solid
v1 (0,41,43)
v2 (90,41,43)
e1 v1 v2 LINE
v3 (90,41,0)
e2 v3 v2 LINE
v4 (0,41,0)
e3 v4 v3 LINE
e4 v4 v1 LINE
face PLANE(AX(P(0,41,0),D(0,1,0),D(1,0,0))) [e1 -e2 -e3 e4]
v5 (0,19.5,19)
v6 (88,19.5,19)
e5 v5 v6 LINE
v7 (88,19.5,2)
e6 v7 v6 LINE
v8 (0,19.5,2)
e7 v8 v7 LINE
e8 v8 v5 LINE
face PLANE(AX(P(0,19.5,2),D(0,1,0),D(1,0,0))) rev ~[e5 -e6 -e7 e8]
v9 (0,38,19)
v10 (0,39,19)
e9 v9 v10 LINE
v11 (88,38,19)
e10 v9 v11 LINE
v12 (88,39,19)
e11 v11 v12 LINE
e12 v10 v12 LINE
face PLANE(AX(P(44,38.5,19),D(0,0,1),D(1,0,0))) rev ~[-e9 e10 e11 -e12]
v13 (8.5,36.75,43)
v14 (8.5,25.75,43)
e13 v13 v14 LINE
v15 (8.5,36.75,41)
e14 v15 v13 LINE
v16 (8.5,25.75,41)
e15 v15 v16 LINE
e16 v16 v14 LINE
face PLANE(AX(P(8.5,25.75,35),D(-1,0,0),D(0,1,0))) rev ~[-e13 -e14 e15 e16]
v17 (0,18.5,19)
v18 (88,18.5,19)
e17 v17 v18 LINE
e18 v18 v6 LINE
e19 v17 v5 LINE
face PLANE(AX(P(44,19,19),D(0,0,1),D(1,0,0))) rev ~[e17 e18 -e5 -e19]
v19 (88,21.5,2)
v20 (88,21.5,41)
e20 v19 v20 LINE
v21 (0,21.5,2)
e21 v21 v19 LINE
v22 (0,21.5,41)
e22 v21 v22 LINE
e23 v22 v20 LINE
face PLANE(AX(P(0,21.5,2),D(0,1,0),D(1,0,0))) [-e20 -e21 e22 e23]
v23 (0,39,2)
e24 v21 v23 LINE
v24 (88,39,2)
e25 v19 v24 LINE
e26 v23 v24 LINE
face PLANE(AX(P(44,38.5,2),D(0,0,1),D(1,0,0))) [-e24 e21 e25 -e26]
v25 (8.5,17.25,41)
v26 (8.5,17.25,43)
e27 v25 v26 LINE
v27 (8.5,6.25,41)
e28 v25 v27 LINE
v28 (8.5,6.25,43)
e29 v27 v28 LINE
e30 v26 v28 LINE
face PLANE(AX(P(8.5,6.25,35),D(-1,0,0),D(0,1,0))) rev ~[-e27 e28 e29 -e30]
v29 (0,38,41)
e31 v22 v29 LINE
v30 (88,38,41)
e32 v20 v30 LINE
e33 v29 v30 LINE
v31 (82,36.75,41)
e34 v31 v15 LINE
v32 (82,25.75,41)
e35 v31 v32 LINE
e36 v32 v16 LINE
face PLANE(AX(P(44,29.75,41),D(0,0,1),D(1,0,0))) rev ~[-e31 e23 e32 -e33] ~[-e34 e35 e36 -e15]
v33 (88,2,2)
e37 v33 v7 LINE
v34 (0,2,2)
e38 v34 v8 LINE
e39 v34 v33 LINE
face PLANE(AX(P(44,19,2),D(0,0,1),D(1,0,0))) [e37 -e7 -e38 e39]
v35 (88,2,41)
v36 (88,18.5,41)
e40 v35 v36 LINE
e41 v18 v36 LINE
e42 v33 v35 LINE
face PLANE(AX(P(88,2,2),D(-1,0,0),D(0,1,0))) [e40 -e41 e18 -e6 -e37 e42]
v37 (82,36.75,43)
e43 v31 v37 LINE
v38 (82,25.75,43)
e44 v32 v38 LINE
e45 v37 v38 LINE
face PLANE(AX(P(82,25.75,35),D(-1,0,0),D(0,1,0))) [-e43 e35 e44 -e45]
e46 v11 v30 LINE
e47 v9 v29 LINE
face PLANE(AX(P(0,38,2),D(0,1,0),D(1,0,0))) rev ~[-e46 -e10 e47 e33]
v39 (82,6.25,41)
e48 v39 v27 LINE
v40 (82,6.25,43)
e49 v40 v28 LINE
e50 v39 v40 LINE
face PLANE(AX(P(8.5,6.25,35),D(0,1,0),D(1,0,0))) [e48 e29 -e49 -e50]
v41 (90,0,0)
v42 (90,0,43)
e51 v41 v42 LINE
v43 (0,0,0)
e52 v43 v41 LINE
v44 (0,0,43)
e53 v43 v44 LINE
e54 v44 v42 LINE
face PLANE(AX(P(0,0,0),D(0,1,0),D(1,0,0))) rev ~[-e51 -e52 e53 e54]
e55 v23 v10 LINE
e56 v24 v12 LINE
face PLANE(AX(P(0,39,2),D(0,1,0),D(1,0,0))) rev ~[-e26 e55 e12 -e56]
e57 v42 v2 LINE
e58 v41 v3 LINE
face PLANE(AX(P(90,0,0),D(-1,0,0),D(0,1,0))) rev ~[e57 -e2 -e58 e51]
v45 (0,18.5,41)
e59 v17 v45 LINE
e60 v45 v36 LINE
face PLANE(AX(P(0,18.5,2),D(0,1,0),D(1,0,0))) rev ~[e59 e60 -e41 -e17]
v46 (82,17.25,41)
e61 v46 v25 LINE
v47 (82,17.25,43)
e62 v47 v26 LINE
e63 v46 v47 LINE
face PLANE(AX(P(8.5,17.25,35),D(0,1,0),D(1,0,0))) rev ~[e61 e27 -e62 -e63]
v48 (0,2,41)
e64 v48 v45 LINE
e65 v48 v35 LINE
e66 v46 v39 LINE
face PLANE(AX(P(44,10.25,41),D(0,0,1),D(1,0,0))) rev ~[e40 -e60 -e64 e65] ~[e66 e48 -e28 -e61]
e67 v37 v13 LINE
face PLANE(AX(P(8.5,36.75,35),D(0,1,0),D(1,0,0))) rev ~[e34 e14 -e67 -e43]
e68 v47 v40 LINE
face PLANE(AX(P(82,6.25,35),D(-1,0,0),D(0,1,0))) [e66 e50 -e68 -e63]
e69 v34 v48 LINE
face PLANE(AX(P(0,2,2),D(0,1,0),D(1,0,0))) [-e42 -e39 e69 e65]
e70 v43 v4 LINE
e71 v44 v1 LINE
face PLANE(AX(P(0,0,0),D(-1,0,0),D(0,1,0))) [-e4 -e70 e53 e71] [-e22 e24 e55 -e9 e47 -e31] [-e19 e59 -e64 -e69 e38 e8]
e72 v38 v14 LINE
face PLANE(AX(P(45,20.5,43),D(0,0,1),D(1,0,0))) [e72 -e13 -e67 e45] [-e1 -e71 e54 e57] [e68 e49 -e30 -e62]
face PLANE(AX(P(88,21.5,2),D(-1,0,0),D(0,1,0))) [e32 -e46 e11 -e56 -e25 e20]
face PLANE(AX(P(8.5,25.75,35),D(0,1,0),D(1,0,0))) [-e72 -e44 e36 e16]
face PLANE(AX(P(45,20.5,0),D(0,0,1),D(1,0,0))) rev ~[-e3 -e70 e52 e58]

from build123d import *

# Parameters (mm, degrees)
BOX006_W     = 73.5
BOX006_H     = 11
BOX006_DEPTH = 10
BOX005_W     = 73.5
BOX005_H     = 11
BOX005_DEPTH = 10
BOX004_W     = 88
BOX004_H     = 1
BOX004_DEPTH = 17
BOX003_W     = 88
BOX003_H     = 1
BOX003_DEPTH = 17
BOX002_W     = 88
BOX002_H     = 16.5
BOX002_DEPTH = 39
BOX001_W     = 88
BOX001_H     = 16.5
BOX001_DEPTH = 39
BOX_W        = 90
BOX_H        = 41
BOX_DEPTH    = 43


with BuildPart() as cube006:
    # Box006 → Box006 (new body)
    with BuildSketch(Plane(origin=(8.5, 25.75, 35), x_dir=(1, 0, 0), z_dir=(0, 0, 1))):
        with Locations((36.75, 5.5)):
            Rectangle(BOX006_W, BOX006_H)
    extrude(amount=BOX006_DEPTH)


with BuildPart() as cube005:
    # Box005 → Box005 (new body)
    with BuildSketch(Plane(origin=(8.5, 6.25, 35), x_dir=(1, 0, 0), z_dir=(0, 0, 1))):
        with Locations((36.75, 5.5)):
            Rectangle(BOX005_W, BOX005_H)
    extrude(amount=BOX005_DEPTH)


with BuildPart() as cube004:
    # Box004 → Box004 (new body)
    with BuildSketch(Plane(origin=(0, 38, 2), x_dir=(1, 0, 0), z_dir=(0, 0, 1))):
        with Locations((44, 0.5)):
            Rectangle(BOX004_W, BOX004_H)
    extrude(amount=BOX004_DEPTH)


with BuildPart() as cube003:
    # Box003 → Box003 (new body)
    with BuildSketch(Plane(origin=(0, 18.5, 2), x_dir=(1, 0, 0), z_dir=(0, 0, 1))):
        with Locations((44, 0.5)):
            Rectangle(BOX003_W, BOX003_H)
    extrude(amount=BOX003_DEPTH)


with BuildPart() as cube002:
    # Box002 → Box002 (new body)
    with BuildSketch(Plane(origin=(0, 21.5, 2), x_dir=(1, 0, 0), z_dir=(0, 0, 1))):
        with Locations((44, 8.25)):
            Rectangle(BOX002_W, BOX002_H)
    extrude(amount=BOX002_DEPTH)


with BuildPart() as cube001:
    # Box001 → Box001 (new body)
    with BuildSketch(Plane(origin=(0, 2, 2), x_dir=(1, 0, 0), z_dir=(0, 0, 1))):
        with Locations((44, 8.25)):
            Rectangle(BOX001_W, BOX001_H)
    extrude(amount=BOX001_DEPTH)


with BuildPart() as cut005:
    # Box → Box (new body)
    with BuildSketch(Plane.XY):
        with Locations((45, 20.5)):
            Rectangle(BOX_W, BOX_H)
    extrude(amount=BOX_DEPTH)

    # Cut: cut Cube001
    add(cube001.part, mode=Mode.SUBTRACT)

    # Cut001: cut Cube002
    add(cube002.part, mode=Mode.SUBTRACT)

    # Cut002: cut Cube003
    add(cube003.part, mode=Mode.SUBTRACT)

    # Cut003: cut Cube004
    add(cube004.part, mode=Mode.SUBTRACT)

    # Cut004: cut Cube005
    add(cube005.part, mode=Mode.SUBTRACT)

    # Cut005: cut Cube006
    add(cube006.part, mode=Mode.SUBTRACT)


solid = cut005.part
